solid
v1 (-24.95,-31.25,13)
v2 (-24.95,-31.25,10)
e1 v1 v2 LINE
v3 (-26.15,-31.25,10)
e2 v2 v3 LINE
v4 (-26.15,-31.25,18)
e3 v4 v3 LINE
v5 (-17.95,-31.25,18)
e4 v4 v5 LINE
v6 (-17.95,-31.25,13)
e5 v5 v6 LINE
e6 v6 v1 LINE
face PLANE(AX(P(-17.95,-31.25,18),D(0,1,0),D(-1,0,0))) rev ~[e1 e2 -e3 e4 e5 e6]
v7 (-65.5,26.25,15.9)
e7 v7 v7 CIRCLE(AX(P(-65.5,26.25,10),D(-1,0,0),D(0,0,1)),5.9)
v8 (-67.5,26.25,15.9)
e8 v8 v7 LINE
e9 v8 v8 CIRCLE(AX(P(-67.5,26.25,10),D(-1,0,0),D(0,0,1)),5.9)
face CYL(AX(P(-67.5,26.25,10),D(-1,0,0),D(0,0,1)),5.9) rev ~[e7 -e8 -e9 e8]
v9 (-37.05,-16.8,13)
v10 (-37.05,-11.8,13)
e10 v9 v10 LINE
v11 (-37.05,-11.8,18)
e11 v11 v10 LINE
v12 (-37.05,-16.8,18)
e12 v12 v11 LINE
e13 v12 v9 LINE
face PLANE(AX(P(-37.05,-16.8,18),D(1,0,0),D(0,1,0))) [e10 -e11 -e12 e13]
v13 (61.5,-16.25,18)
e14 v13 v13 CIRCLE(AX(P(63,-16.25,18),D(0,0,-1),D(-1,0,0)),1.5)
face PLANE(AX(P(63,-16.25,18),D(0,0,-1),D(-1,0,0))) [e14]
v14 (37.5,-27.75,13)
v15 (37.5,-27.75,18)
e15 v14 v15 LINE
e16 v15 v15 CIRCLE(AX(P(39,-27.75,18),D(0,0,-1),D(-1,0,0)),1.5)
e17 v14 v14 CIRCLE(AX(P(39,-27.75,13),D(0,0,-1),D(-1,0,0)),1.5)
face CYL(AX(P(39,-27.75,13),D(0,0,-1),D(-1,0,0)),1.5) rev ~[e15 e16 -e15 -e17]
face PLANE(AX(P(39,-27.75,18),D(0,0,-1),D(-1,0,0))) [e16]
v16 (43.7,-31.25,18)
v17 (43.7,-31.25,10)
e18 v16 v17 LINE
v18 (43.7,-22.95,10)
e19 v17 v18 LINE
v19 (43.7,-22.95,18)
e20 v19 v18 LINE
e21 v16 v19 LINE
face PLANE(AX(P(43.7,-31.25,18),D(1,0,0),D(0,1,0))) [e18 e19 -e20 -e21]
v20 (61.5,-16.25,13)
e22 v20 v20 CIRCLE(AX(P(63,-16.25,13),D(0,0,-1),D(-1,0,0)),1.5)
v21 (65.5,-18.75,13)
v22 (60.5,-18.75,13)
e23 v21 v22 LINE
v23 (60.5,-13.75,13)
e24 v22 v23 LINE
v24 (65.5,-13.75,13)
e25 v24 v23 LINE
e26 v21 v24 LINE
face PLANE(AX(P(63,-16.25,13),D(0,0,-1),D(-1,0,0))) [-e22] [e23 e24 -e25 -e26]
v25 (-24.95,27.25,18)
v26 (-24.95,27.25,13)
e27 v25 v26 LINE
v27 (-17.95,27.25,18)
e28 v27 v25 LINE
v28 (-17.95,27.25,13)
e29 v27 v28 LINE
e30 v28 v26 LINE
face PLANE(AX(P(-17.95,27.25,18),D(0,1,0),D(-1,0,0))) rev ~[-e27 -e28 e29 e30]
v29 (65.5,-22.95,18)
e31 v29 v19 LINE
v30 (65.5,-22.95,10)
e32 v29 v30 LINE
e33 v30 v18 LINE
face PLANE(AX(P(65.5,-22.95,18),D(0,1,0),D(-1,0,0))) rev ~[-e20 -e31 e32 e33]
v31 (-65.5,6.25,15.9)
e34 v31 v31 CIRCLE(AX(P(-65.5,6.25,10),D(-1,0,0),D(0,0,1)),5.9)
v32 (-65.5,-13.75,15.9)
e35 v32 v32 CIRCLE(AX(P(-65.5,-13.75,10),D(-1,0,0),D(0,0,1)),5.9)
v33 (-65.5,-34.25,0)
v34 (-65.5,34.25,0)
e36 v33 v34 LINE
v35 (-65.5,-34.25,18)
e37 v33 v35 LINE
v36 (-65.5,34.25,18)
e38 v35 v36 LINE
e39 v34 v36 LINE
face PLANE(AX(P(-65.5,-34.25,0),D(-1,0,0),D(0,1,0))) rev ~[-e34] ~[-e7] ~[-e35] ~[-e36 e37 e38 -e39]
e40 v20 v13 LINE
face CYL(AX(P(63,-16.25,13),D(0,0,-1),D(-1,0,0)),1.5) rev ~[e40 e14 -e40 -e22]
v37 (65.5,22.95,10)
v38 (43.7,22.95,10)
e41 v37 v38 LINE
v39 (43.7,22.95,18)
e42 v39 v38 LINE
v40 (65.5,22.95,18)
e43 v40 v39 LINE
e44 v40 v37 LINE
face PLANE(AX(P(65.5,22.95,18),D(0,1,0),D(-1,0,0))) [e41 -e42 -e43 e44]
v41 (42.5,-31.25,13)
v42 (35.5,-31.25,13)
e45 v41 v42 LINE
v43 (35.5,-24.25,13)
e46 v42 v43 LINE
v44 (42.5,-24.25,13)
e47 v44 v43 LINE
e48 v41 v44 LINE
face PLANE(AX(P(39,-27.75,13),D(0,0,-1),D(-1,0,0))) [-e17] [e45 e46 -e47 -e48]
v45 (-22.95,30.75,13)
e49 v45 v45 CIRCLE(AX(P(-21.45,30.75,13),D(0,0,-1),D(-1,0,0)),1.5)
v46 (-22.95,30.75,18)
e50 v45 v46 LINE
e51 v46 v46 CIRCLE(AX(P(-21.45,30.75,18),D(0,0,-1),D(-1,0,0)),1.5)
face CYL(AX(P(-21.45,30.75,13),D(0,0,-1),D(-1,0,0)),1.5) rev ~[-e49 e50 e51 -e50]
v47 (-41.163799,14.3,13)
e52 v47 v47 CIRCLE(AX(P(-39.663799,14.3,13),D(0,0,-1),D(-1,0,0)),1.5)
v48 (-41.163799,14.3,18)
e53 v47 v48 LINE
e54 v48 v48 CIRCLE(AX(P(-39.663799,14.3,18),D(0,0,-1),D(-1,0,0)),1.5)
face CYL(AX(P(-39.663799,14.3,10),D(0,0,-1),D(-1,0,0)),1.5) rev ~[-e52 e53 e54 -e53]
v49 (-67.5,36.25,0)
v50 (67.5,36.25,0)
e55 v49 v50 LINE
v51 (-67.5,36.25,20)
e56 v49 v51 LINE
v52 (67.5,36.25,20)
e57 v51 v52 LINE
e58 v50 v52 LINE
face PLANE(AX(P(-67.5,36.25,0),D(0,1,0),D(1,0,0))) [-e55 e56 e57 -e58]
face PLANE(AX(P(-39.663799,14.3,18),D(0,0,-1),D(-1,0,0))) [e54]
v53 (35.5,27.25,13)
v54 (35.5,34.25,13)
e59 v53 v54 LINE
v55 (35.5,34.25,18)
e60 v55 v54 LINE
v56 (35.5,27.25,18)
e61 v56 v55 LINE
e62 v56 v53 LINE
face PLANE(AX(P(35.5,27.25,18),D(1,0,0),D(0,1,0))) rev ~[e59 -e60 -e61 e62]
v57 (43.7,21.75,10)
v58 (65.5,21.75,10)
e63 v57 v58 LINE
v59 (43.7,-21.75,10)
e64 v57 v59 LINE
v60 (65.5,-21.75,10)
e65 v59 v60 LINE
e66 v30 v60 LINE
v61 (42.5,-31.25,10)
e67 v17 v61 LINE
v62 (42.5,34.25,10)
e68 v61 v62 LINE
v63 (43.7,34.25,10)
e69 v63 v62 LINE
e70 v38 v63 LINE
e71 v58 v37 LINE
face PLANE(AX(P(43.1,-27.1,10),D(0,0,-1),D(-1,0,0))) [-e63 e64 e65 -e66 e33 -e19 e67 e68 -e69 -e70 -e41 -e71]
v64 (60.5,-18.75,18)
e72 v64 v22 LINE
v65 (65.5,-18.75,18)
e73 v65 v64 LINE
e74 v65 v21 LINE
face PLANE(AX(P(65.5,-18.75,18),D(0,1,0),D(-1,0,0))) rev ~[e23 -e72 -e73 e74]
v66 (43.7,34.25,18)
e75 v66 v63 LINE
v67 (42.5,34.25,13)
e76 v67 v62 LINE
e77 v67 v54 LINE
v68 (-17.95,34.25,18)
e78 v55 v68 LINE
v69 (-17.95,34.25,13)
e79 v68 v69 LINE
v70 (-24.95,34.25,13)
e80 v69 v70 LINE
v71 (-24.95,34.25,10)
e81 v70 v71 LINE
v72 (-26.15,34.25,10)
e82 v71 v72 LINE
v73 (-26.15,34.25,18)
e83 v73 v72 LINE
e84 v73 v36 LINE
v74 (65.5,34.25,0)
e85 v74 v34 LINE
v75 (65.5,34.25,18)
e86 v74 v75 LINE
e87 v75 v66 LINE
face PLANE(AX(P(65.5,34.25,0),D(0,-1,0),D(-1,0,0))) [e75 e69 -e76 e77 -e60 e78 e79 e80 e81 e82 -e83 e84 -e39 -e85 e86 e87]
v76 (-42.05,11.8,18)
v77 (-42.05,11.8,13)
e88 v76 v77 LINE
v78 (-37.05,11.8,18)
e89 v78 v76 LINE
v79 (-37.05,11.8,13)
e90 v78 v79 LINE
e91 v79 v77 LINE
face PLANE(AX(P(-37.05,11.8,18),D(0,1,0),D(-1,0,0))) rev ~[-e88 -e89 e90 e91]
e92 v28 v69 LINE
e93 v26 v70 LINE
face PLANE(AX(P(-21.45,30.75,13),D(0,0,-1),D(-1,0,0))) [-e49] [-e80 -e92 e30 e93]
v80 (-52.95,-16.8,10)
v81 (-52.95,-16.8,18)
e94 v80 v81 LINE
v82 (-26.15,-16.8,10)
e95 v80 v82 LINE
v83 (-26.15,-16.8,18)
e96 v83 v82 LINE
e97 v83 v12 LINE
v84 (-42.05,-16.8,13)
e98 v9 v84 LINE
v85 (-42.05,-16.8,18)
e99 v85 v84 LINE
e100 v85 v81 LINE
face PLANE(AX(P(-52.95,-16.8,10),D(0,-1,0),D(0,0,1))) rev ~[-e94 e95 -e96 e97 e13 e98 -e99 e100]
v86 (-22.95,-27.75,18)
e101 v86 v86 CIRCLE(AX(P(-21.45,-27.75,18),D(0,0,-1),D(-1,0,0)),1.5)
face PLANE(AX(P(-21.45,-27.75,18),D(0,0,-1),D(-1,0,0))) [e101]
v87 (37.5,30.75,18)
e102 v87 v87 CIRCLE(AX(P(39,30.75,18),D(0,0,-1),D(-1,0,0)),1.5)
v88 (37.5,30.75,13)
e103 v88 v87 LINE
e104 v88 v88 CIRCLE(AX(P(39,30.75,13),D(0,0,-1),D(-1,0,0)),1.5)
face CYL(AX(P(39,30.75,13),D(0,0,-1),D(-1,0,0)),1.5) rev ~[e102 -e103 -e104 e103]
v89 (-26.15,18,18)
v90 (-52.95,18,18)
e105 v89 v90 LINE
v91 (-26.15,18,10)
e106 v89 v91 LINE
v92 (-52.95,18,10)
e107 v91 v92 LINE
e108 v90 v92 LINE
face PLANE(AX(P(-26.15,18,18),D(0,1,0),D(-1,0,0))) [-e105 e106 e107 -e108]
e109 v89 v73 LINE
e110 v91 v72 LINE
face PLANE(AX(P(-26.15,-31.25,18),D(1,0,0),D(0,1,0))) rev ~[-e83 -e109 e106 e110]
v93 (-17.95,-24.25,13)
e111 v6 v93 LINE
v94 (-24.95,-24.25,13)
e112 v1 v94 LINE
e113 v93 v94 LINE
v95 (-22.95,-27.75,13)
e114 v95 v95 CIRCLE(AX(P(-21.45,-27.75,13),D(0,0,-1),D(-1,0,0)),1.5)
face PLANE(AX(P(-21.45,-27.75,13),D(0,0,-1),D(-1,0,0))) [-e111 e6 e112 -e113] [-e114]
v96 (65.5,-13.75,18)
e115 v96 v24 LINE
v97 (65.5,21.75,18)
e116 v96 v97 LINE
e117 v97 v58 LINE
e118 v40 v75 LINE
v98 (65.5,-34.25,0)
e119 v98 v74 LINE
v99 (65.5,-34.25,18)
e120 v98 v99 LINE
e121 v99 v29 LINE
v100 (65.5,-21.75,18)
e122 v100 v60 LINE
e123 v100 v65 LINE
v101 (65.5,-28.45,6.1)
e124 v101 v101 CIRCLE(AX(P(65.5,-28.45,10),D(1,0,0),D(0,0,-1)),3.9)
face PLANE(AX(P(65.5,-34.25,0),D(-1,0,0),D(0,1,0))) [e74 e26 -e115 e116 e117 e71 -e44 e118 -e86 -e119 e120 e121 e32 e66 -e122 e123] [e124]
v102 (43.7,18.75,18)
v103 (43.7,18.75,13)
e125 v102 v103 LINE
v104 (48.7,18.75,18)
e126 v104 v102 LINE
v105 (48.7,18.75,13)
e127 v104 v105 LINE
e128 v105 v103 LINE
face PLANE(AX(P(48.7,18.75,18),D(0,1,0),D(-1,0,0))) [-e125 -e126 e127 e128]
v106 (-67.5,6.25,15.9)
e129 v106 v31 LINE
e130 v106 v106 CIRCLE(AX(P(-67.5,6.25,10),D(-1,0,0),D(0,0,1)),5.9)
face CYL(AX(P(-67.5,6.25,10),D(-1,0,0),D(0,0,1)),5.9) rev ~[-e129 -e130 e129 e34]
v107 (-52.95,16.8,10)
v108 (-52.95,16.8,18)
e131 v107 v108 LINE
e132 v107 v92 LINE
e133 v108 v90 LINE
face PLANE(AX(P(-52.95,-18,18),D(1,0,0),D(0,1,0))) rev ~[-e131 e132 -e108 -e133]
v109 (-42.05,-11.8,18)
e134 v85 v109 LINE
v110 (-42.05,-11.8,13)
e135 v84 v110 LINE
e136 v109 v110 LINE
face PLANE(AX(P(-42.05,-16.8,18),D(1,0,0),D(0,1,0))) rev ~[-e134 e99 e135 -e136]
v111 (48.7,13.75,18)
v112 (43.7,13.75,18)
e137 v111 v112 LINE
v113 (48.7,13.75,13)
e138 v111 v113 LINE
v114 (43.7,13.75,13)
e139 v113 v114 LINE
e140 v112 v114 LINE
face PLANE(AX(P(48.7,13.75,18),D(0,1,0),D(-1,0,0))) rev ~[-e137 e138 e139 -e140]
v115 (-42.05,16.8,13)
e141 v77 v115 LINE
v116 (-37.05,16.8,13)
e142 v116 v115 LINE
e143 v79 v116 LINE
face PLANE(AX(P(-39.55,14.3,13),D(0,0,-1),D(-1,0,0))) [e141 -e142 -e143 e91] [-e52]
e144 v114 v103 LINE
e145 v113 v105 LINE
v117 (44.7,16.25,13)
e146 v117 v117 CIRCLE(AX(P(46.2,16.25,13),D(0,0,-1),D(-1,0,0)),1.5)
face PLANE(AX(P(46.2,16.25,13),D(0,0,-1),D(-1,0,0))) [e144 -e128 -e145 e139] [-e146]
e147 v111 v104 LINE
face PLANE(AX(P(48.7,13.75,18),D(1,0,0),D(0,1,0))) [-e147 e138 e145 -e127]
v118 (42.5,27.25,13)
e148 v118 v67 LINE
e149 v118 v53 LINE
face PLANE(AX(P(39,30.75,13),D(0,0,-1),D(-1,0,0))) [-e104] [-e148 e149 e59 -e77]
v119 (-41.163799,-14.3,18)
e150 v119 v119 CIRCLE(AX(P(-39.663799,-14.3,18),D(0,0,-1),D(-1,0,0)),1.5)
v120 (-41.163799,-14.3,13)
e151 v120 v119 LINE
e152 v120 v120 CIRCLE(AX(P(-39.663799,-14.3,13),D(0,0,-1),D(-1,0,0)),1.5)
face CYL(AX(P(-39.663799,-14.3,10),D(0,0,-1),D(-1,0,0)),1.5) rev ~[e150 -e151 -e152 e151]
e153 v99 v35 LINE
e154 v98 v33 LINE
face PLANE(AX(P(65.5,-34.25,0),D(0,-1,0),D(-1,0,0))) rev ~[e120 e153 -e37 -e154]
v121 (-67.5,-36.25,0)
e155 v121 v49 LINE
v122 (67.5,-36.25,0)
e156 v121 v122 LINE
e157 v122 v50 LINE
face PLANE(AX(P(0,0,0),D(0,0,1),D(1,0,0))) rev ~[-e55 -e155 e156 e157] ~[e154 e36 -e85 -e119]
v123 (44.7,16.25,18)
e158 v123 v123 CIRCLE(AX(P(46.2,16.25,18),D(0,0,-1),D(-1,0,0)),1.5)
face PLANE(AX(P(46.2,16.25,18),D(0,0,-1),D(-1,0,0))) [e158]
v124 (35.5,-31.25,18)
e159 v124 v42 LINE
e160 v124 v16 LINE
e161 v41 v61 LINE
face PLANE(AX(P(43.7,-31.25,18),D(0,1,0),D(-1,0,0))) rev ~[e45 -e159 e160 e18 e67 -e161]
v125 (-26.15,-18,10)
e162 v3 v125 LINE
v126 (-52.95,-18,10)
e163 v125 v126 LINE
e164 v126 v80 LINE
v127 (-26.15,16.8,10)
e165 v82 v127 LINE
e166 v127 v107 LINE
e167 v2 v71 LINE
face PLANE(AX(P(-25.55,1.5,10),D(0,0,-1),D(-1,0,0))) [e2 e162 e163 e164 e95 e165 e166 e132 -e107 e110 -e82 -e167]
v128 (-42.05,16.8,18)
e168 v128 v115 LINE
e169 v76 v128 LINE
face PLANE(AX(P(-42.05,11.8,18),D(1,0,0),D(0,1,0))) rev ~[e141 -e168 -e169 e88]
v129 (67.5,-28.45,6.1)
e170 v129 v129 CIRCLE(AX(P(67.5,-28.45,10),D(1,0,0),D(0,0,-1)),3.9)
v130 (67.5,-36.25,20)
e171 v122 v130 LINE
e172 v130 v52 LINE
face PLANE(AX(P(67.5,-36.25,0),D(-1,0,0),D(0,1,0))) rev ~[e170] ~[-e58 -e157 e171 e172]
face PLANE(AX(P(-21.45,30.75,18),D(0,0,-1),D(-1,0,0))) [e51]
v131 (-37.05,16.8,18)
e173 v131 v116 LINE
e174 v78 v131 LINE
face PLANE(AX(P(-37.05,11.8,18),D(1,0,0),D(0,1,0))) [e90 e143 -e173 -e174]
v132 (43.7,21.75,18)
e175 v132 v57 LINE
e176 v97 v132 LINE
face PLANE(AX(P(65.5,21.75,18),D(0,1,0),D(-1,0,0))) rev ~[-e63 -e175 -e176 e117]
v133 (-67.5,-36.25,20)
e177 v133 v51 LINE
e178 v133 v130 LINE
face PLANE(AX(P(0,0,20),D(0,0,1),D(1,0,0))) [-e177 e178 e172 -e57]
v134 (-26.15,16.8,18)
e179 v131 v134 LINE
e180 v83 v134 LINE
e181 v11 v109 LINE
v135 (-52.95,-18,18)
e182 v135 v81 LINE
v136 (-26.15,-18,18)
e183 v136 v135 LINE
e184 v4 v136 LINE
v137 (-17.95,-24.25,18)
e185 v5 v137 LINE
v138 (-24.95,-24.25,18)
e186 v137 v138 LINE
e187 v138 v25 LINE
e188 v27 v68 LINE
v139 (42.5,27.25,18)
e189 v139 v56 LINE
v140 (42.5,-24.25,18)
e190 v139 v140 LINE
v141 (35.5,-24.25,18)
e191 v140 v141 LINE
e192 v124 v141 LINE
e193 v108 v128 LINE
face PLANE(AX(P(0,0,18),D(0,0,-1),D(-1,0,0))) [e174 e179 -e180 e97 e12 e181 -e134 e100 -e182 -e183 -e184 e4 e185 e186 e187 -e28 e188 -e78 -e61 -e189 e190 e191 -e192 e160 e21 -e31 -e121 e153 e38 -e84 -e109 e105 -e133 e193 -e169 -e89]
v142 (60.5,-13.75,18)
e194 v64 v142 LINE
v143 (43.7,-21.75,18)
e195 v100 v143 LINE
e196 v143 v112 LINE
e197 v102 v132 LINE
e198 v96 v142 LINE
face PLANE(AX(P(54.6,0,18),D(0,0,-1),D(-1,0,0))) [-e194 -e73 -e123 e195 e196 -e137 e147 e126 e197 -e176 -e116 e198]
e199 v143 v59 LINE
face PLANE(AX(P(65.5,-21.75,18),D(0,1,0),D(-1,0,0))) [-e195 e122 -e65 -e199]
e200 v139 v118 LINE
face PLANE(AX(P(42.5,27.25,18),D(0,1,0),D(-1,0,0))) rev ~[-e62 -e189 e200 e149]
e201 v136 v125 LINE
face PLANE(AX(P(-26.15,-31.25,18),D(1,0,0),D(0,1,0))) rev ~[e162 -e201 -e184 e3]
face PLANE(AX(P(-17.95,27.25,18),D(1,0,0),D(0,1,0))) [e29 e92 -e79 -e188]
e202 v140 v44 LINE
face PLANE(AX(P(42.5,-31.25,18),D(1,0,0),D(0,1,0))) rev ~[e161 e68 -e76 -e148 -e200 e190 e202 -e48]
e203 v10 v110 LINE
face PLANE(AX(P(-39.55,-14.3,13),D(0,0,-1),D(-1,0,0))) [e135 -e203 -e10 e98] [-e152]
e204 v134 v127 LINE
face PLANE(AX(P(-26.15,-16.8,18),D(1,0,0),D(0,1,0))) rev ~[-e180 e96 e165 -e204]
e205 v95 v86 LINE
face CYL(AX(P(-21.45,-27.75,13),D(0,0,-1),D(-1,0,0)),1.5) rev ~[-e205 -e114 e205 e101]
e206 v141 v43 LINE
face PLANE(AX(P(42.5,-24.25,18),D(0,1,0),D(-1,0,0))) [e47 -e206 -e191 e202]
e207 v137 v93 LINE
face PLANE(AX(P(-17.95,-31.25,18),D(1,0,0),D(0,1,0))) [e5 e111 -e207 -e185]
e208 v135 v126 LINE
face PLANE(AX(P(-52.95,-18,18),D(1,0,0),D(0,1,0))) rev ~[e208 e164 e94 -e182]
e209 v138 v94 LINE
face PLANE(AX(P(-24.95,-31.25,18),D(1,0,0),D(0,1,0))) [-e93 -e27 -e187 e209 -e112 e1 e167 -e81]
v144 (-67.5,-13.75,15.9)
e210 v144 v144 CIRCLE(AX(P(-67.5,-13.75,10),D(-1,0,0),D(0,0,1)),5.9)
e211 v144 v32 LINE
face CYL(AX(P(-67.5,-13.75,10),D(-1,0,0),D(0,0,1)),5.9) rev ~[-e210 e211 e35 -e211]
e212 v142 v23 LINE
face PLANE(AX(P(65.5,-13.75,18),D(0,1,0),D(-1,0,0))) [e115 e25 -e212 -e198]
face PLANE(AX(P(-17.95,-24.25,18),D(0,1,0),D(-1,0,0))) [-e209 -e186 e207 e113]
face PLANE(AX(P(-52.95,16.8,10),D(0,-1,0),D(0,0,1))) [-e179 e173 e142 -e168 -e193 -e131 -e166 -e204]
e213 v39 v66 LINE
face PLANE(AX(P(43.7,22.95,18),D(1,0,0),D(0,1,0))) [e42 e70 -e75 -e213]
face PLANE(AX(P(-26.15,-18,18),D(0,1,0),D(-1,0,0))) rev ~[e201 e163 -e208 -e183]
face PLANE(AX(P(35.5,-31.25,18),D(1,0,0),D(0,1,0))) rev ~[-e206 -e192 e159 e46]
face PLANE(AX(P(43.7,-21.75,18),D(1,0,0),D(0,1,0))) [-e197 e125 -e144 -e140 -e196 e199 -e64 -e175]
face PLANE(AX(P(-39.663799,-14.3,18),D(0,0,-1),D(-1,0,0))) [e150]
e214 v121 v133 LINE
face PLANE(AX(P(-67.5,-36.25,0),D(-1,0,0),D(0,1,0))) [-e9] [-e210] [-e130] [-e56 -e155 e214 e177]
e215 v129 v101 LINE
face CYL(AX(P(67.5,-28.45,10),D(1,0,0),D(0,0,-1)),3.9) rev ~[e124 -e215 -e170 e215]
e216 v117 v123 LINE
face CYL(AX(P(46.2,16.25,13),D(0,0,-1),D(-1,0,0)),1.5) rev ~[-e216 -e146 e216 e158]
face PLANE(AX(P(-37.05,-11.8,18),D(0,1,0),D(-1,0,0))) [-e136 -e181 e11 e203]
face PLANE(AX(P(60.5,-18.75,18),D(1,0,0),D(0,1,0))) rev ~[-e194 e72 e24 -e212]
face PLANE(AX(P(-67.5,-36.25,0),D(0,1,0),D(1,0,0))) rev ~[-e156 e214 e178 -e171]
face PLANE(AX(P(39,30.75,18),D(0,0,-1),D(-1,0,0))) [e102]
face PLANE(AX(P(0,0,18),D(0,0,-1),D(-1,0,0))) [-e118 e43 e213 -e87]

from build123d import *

# Parameters (mm, degrees)
SKETCH3_W            = 135
SKETCH3_H            = 72.5
BOSS_EXTRUDE1_DEPTH  = 20
SKETCH4_W            = 131
SKETCH4_H            = 68.5
CUT_EXTRUDE1_DEPTH   = 18
SKETCH6_W            = 23
SKETCH6_H            = 45.9
BOSS_EXTRUDE2_DEPTH  = 8
SKETCH5_W            = 21.8
SKETCH5_H            = 43.5
CUT_EXTRUDE2_DEPTH   = 18
SKETCH7_W            = 1.2
SKETCH7_H            = 8.3
SKETCH7_H_2          = 11.3
BOSS_EXTRUDE5_DEPTH  = 8
SKETCH9_W            = 1.2
SKETCH9_H            = 65.5
BOSS_EXTRUDE6_DEPTH  = 8
SKETCH11_W           = 26.8
SKETCH11_H           = 36
BOSS_EXTRUDE7_DEPTH  = 8
SKETCH10_W           = 25.6
SKETCH10_H           = 33.6
CUT_EXTRUDE3_DEPTH   = 8
SKETCH13_W           = 8
SKETCH13_H           = 33.6
CUT_EXTRUDE4_DEPTH   = 1.2
SKETCH14_R           = 3.9
CUT_EXTRUDE5_DEPTH   = 2
SKETCH15_R           = 5.9
CUT_EXTRUDE6_DEPTH   = 2
SKETCH18_W           = 5
SKETCH18_H           = 5
BOSS_EXTRUDE8_DEPTH  = 5
SKETCH19_R           = 1.5
CUT_EXTRUDE7_DEPTH   = 8
SKETCH20_W           = 5
SKETCH20_H           = 5
BOSS_EXTRUDE9_DEPTH  = 5
SKETCH21_R           = 1.5
CUT_EXTRUDE8_DEPTH   = 5
SKETCH23_W           = 7
SKETCH23_H           = 7
BOSS_EXTRUDE10_DEPTH = 5
SKETCH24_R           = 1.5
CUT_EXTRUDE10_DEPTH  = 5


with BuildPart() as part:
    # Sketch3 → Boss-Extrude1 (new body)
    with BuildSketch(Plane.XY):
        Rectangle(SKETCH3_W, SKETCH3_H)
    extrude(amount=BOSS_EXTRUDE1_DEPTH)

    # Sketch4 → Cut-Extrude1 (cut)
    with BuildSketch(Plane(origin=(0, 0, 0), x_dir=(-1, 0, 0), z_dir=(0, 0, -1))):
        Rectangle(SKETCH4_W, SKETCH4_H)
    extrude(amount=-CUT_EXTRUDE1_DEPTH, mode=Mode.SUBTRACT)

    # Sketch6 → Boss-Extrude2 (add)
    with BuildSketch(Plane(origin=(0, 0, 18), x_dir=(-1, 0, 0), z_dir=(0, 0, -1))):
        with Locations((-54, 0)):
            Rectangle(SKETCH6_W, SKETCH6_H)
    extrude(amount=BOSS_EXTRUDE2_DEPTH)

    # Sketch5 → Cut-Extrude2 (cut)
    with BuildSketch(Plane(origin=(0, 0, 18), x_dir=(-1, 0, 0), z_dir=(0, 0, -1))):
        with Locations((-54.6, 0)):
            Rectangle(SKETCH5_W, SKETCH5_H)
    extrude(amount=CUT_EXTRUDE2_DEPTH, mode=Mode.SUBTRACT)

    # Sketch7 → Boss-Extrude5 (add)
    with BuildSketch(Plane(origin=(0, 0, 18), x_dir=(-1, 0, 0), z_dir=(0, 0, -1))):
        with Locations((-43.1, -27.1)):
            Rectangle(SKETCH7_W, SKETCH7_H)
        with Locations((-43.1, 28.6)):
            Rectangle(SKETCH7_W, SKETCH7_H_2)
    extrude(amount=BOSS_EXTRUDE5_DEPTH)

    # Sketch9 → Boss-Extrude6 (add)
    with BuildSketch(Plane(origin=(0, 0, 18), x_dir=(-1, 0, 0), z_dir=(0, 0, -1))):
        with Locations((25.55, 1.5)):
            Rectangle(SKETCH9_W, SKETCH9_H)
    extrude(amount=BOSS_EXTRUDE6_DEPTH)

    # Sketch11 → Boss-Extrude7 (add)
    with BuildSketch(Plane(origin=(0, 0, 18), x_dir=(-1, 0, 0), z_dir=(0, 0, -1))):
        with Locations((39.55, 0)):
            Rectangle(SKETCH11_W, SKETCH11_H)
    extrude(amount=BOSS_EXTRUDE7_DEPTH)

    # Sketch10 → Cut-Extrude3 (cut)
    with BuildSketch(Plane(origin=(0, 0, 18), x_dir=(-1, 0, 0), z_dir=(0, 0, -1))):
        with Locations((38.95, 0)):
            Rectangle(SKETCH10_W, SKETCH10_H)
    extrude(amount=CUT_EXTRUDE3_DEPTH, mode=Mode.SUBTRACT)

    # Sketch13 → Cut-Extrude4 (cut)
    with BuildSketch(Plane.ZY.offset(52.95)):
        with Locations((14, 0)):
            Rectangle(SKETCH13_W, SKETCH13_H)
    extrude(amount=-CUT_EXTRUDE4_DEPTH, mode=Mode.SUBTRACT)

    # Sketch14 → Cut-Extrude5 (cut)
    with BuildSketch(Plane(origin=(67.5, 0, 0), x_dir=(0, 0, -1), z_dir=(1, 0, 0))):
        with Locations((-10, -28.45)):
            Circle(SKETCH14_R)
    extrude(amount=-CUT_EXTRUDE5_DEPTH, mode=Mode.SUBTRACT)

    # Sketch15 → Cut-Extrude6 (cut)
    with BuildSketch(Plane.ZY.offset(67.5)):
        with Locations((10, 26.25)):
            Circle(SKETCH15_R)
        with Locations((10, 6.25)):
            Circle(SKETCH15_R)
        with Locations((10, -13.75)):
            Circle(SKETCH15_R)
    extrude(amount=-CUT_EXTRUDE6_DEPTH, mode=Mode.SUBTRACT)

    # Sketch18 → Boss-Extrude8 (add)
    with BuildSketch(Plane(origin=(0, 0, 18), x_dir=(-1, 0, 0), z_dir=(0, 0, -1))):
        with Locations((39.55, -14.3)):
            Rectangle(SKETCH18_W, SKETCH18_H)
        with Locations((39.55, 14.3)):
            Rectangle(SKETCH18_W, SKETCH18_H)
    extrude(amount=BOSS_EXTRUDE8_DEPTH)

    # Sketch19 → Cut-Extrude7 (cut)
    with BuildSketch(Plane(origin=(0, 0, 10), x_dir=(-1, 0, 0), z_dir=(0, 0, -1))):
        with Locations((39.663798911, -14.3)):
            Circle(SKETCH19_R)
        with Locations((39.663798911, 14.3)):
            Circle(SKETCH19_R)
    extrude(amount=-CUT_EXTRUDE7_DEPTH, mode=Mode.SUBTRACT)

    # Sketch20 → Boss-Extrude9 (add)
    with BuildSketch(Plane(origin=(0, 0, 18), x_dir=(-1, 0, 0), z_dir=(0, 0, -1))):
        with Locations((-46.2, 16.25)):
            Rectangle(SKETCH20_W, SKETCH20_H)
        with Locations((-63, -16.25)):
            Rectangle(SKETCH20_W, SKETCH20_H)
    extrude(amount=BOSS_EXTRUDE9_DEPTH)

    # Sketch21 → Cut-Extrude8 (cut)
    with BuildSketch(Plane(origin=(0, 0, 13), x_dir=(-1, 0, 0), z_dir=(0, 0, -1))):
        with Locations((-46.2, 16.25)):
            Circle(SKETCH21_R)
        with Locations((-63, -16.25)):
            Circle(SKETCH21_R)
    extrude(amount=-CUT_EXTRUDE8_DEPTH, mode=Mode.SUBTRACT)

    # Sketch23 → Boss-Extrude10 (add)
    with BuildSketch(Plane(origin=(0, 0, 18), x_dir=(-1, 0, 0), z_dir=(0, 0, -1))):
        with Locations((-39, 30.75)):
            Rectangle(SKETCH23_W, SKETCH23_H)
        with Locations((21.45, 30.75)):
            Rectangle(SKETCH23_W, SKETCH23_H)
        with Locations((21.45, -27.75)):
            Rectangle(SKETCH23_W, SKETCH23_H)
        with Locations((-39, -27.75)):
            Rectangle(SKETCH23_W, SKETCH23_H)
    extrude(amount=BOSS_EXTRUDE10_DEPTH)

    # Sketch24 → Cut-Extrude10 (cut)
    with BuildSketch(Plane(origin=(0, 0, 13), x_dir=(-1, 0, 0), z_dir=(0, 0, -1))):
        with Locations((-39, 30.75)):
            Circle(SKETCH24_R)
        with Locations((21.45, 30.75)):
            Circle(SKETCH24_R)
        with Locations((21.45, -27.75)):
            Circle(SKETCH24_R)
        with Locations((-39, -27.75)):
            Circle(SKETCH24_R)
    extrude(amount=-CUT_EXTRUDE10_DEPTH, mode=Mode.SUBTRACT)


solid = part.part
